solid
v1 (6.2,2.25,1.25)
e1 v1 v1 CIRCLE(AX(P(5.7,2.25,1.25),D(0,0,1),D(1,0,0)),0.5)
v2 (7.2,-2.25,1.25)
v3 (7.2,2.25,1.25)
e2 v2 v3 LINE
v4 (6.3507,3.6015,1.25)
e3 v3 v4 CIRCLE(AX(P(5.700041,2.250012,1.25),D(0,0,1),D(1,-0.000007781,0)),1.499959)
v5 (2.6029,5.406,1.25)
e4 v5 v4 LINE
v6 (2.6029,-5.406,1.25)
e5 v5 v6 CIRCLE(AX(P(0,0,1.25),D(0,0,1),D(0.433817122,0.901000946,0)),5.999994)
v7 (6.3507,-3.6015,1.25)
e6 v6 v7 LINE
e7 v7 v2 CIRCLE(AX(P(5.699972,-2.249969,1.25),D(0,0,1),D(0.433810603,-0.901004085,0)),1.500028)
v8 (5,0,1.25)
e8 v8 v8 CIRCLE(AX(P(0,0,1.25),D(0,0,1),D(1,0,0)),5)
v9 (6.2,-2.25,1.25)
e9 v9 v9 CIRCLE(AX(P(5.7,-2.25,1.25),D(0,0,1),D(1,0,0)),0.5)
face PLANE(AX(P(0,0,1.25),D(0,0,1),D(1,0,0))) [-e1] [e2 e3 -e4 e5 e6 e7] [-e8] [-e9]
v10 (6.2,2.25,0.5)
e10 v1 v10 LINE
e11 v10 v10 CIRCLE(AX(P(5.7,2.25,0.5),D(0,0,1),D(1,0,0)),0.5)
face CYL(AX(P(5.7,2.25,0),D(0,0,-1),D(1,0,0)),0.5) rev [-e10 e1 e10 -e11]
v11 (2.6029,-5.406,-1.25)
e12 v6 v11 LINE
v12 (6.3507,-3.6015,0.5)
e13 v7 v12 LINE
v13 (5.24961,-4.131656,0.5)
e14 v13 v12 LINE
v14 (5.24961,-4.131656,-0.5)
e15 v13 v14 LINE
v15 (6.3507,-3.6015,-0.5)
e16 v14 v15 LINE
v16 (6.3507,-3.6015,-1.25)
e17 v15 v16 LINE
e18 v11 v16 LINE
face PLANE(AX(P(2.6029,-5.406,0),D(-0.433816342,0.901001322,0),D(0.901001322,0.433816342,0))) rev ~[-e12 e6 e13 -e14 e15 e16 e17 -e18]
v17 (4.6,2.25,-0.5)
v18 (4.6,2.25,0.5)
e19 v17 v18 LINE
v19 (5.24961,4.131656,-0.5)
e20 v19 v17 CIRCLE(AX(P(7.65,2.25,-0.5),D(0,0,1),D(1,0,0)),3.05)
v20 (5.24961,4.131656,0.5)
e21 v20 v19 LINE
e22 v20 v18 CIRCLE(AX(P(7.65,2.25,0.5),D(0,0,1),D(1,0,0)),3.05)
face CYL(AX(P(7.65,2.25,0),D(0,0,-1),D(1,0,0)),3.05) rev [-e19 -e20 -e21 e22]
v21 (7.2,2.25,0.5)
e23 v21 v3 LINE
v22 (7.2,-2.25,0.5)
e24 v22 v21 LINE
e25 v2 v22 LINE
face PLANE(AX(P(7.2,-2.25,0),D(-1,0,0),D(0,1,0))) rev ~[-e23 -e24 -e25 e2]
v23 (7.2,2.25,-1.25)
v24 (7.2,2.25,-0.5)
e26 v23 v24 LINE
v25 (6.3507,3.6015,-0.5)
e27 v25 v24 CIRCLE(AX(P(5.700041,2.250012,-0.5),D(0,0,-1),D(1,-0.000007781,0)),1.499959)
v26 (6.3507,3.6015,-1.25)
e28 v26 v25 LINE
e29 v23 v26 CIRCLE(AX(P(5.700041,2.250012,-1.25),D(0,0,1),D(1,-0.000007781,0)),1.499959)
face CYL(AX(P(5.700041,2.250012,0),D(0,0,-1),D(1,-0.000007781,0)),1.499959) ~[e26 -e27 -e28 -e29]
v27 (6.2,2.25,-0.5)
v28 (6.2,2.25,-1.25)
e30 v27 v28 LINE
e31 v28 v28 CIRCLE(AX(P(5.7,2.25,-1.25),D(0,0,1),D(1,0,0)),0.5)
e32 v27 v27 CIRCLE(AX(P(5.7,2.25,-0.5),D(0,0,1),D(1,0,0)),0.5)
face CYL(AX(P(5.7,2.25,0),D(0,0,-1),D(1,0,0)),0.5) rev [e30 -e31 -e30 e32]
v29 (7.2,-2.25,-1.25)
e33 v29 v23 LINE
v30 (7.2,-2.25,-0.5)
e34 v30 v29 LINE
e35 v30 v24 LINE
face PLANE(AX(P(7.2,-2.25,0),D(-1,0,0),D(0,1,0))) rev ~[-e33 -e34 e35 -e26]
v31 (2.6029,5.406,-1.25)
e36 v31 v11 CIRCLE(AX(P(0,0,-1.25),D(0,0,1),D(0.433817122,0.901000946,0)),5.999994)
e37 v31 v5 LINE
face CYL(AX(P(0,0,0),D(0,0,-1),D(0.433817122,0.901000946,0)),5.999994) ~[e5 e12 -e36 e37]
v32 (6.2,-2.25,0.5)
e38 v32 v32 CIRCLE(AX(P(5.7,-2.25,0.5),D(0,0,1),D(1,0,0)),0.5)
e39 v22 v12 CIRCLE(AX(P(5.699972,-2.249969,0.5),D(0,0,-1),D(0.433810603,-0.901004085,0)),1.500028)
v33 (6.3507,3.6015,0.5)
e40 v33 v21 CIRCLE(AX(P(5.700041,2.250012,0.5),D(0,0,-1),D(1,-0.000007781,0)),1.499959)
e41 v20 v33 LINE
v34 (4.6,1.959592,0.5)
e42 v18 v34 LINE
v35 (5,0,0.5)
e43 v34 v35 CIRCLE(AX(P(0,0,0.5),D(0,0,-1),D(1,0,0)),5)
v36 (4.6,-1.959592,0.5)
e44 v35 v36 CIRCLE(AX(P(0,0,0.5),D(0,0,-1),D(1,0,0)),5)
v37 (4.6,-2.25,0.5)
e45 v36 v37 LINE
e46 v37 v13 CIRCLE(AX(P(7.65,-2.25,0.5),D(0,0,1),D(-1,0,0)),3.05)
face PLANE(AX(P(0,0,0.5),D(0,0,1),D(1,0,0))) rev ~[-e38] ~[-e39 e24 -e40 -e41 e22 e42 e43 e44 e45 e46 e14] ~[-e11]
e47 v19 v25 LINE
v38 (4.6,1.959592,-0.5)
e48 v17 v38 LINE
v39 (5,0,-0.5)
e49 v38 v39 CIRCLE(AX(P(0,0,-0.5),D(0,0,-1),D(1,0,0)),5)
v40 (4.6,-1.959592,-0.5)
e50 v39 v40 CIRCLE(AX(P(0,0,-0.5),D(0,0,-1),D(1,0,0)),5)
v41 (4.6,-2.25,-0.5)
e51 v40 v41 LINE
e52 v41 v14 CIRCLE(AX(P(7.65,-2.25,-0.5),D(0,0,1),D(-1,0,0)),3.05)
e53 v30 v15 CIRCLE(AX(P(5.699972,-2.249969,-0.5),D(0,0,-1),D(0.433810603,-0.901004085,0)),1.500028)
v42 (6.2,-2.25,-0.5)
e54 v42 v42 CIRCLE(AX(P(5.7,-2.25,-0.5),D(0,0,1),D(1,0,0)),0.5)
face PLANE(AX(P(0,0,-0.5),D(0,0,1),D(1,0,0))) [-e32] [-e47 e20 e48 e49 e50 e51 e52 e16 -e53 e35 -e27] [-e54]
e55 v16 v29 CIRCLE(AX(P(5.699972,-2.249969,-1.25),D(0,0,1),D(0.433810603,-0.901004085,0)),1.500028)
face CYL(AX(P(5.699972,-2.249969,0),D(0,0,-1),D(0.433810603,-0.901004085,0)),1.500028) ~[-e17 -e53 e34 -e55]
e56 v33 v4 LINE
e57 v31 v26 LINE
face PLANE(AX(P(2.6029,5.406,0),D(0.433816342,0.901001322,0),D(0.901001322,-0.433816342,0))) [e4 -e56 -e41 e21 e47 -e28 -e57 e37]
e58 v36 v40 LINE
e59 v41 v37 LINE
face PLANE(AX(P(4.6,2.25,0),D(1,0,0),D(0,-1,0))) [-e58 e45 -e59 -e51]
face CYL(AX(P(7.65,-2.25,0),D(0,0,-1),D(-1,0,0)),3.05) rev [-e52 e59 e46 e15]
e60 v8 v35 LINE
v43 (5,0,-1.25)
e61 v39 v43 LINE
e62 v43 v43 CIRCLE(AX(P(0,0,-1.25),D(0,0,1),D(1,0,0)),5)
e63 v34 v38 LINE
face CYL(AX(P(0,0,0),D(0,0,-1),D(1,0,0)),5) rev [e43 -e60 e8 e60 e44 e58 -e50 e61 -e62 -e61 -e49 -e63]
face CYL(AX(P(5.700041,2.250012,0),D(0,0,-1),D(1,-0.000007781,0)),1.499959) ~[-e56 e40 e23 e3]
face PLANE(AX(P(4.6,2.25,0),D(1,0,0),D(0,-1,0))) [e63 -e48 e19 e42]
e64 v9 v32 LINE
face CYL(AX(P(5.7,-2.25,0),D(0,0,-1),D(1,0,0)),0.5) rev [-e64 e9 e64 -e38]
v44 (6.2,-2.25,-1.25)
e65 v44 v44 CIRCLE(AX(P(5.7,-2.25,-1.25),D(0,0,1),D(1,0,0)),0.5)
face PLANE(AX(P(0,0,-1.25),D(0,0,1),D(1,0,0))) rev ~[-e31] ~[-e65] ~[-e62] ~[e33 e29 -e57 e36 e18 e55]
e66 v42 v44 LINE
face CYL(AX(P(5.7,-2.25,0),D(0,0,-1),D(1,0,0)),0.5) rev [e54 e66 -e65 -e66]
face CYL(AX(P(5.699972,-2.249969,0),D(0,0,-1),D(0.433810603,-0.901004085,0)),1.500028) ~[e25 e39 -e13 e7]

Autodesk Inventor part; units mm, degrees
ref_plane "YZ Plane" through (0, 0, 0) normal (1, 0, 0) x (0, 1, 0)
ref_plane "XZ Plane" through (0, 0, 0) normal (0, 1, 0) x (-1, 0, 0)
ref_plane "XY Plane" through (0, 0, 0) normal (0, 0, 1) x (1, 0, 0)
sketch "Sketch1" plane through (0, 0, 0) normal (0, 0, 1) x (1, 0, 0)
  circle A0 centre (0, 0) radius 5
  circle A1 centre (5.7, 2.25) radius 0.5
  circle A2 centre (5.7, -2.25) radius 0.5
  line L0 (0, 0) -> (12.1327, 0) construction
  arc A3 (7.2, 2.25) -> (6.3507, 3.6015) centre (5.7, 2.25) ccw
  arc A4 (6.3507, -3.6015) -> (7.2, -2.25) centre (5.7, -2.25) ccw
  line L1 (2.6029, 5.406) -> (6.3507, 3.6015)
  line L2 (2.6029, -5.406) -> (6.3507, -3.6015)
  line L3 (7.2, -2.25) -> (7.2, 2.25)
  arc A5 (2.6029, 5.406) -> (2.6029, -5.406) centre (0, 0) ccw
  dimension "d1" = 10
  dimension "d12" = 1
  dimension "d13" = 1
  dimension "d14" = 4.5
  dimension "d16" = 3
  dimension "d17" = 3
  dimension "d18" = 5.7
  dimension "d19" = 6
extrude "Extrusion1" add sketch "Sketch1" along normal mid plane 2.5
sketch "Sketch2" plane through (0, 0, 0) normal (0, 0, 1) x (1, 0, 0)
  circle A0 centre (5.7, 2.25) radius 0.5 projected
  circle A1 centre (5.7, -2.25) radius 0.5 projected
  line L0 (7.65, 2.25) -> (7.65, -2.25) construction
  line L1 (4.6, 2.25) -> (4.6, -2.25)
  line L2 (10.7, -2.25) -> (10.7, 2.25)
  arc A2 (10.7, 2.25) -> (4.6, 2.25) centre (7.65, 2.25) ccw
  arc A3 (4.6, -2.25) -> (10.7, -2.25) centre (7.65, -2.25) ccw
  point P0 (0, 0)
  point P1 (7.65, 0)
  dimension "d20" = 1.1
  dimension "d21" = 5
extrude "Extrusion2" cut sketch "Sketch2" along normal mid plane 1
properties part number "double spring swivel 6"
